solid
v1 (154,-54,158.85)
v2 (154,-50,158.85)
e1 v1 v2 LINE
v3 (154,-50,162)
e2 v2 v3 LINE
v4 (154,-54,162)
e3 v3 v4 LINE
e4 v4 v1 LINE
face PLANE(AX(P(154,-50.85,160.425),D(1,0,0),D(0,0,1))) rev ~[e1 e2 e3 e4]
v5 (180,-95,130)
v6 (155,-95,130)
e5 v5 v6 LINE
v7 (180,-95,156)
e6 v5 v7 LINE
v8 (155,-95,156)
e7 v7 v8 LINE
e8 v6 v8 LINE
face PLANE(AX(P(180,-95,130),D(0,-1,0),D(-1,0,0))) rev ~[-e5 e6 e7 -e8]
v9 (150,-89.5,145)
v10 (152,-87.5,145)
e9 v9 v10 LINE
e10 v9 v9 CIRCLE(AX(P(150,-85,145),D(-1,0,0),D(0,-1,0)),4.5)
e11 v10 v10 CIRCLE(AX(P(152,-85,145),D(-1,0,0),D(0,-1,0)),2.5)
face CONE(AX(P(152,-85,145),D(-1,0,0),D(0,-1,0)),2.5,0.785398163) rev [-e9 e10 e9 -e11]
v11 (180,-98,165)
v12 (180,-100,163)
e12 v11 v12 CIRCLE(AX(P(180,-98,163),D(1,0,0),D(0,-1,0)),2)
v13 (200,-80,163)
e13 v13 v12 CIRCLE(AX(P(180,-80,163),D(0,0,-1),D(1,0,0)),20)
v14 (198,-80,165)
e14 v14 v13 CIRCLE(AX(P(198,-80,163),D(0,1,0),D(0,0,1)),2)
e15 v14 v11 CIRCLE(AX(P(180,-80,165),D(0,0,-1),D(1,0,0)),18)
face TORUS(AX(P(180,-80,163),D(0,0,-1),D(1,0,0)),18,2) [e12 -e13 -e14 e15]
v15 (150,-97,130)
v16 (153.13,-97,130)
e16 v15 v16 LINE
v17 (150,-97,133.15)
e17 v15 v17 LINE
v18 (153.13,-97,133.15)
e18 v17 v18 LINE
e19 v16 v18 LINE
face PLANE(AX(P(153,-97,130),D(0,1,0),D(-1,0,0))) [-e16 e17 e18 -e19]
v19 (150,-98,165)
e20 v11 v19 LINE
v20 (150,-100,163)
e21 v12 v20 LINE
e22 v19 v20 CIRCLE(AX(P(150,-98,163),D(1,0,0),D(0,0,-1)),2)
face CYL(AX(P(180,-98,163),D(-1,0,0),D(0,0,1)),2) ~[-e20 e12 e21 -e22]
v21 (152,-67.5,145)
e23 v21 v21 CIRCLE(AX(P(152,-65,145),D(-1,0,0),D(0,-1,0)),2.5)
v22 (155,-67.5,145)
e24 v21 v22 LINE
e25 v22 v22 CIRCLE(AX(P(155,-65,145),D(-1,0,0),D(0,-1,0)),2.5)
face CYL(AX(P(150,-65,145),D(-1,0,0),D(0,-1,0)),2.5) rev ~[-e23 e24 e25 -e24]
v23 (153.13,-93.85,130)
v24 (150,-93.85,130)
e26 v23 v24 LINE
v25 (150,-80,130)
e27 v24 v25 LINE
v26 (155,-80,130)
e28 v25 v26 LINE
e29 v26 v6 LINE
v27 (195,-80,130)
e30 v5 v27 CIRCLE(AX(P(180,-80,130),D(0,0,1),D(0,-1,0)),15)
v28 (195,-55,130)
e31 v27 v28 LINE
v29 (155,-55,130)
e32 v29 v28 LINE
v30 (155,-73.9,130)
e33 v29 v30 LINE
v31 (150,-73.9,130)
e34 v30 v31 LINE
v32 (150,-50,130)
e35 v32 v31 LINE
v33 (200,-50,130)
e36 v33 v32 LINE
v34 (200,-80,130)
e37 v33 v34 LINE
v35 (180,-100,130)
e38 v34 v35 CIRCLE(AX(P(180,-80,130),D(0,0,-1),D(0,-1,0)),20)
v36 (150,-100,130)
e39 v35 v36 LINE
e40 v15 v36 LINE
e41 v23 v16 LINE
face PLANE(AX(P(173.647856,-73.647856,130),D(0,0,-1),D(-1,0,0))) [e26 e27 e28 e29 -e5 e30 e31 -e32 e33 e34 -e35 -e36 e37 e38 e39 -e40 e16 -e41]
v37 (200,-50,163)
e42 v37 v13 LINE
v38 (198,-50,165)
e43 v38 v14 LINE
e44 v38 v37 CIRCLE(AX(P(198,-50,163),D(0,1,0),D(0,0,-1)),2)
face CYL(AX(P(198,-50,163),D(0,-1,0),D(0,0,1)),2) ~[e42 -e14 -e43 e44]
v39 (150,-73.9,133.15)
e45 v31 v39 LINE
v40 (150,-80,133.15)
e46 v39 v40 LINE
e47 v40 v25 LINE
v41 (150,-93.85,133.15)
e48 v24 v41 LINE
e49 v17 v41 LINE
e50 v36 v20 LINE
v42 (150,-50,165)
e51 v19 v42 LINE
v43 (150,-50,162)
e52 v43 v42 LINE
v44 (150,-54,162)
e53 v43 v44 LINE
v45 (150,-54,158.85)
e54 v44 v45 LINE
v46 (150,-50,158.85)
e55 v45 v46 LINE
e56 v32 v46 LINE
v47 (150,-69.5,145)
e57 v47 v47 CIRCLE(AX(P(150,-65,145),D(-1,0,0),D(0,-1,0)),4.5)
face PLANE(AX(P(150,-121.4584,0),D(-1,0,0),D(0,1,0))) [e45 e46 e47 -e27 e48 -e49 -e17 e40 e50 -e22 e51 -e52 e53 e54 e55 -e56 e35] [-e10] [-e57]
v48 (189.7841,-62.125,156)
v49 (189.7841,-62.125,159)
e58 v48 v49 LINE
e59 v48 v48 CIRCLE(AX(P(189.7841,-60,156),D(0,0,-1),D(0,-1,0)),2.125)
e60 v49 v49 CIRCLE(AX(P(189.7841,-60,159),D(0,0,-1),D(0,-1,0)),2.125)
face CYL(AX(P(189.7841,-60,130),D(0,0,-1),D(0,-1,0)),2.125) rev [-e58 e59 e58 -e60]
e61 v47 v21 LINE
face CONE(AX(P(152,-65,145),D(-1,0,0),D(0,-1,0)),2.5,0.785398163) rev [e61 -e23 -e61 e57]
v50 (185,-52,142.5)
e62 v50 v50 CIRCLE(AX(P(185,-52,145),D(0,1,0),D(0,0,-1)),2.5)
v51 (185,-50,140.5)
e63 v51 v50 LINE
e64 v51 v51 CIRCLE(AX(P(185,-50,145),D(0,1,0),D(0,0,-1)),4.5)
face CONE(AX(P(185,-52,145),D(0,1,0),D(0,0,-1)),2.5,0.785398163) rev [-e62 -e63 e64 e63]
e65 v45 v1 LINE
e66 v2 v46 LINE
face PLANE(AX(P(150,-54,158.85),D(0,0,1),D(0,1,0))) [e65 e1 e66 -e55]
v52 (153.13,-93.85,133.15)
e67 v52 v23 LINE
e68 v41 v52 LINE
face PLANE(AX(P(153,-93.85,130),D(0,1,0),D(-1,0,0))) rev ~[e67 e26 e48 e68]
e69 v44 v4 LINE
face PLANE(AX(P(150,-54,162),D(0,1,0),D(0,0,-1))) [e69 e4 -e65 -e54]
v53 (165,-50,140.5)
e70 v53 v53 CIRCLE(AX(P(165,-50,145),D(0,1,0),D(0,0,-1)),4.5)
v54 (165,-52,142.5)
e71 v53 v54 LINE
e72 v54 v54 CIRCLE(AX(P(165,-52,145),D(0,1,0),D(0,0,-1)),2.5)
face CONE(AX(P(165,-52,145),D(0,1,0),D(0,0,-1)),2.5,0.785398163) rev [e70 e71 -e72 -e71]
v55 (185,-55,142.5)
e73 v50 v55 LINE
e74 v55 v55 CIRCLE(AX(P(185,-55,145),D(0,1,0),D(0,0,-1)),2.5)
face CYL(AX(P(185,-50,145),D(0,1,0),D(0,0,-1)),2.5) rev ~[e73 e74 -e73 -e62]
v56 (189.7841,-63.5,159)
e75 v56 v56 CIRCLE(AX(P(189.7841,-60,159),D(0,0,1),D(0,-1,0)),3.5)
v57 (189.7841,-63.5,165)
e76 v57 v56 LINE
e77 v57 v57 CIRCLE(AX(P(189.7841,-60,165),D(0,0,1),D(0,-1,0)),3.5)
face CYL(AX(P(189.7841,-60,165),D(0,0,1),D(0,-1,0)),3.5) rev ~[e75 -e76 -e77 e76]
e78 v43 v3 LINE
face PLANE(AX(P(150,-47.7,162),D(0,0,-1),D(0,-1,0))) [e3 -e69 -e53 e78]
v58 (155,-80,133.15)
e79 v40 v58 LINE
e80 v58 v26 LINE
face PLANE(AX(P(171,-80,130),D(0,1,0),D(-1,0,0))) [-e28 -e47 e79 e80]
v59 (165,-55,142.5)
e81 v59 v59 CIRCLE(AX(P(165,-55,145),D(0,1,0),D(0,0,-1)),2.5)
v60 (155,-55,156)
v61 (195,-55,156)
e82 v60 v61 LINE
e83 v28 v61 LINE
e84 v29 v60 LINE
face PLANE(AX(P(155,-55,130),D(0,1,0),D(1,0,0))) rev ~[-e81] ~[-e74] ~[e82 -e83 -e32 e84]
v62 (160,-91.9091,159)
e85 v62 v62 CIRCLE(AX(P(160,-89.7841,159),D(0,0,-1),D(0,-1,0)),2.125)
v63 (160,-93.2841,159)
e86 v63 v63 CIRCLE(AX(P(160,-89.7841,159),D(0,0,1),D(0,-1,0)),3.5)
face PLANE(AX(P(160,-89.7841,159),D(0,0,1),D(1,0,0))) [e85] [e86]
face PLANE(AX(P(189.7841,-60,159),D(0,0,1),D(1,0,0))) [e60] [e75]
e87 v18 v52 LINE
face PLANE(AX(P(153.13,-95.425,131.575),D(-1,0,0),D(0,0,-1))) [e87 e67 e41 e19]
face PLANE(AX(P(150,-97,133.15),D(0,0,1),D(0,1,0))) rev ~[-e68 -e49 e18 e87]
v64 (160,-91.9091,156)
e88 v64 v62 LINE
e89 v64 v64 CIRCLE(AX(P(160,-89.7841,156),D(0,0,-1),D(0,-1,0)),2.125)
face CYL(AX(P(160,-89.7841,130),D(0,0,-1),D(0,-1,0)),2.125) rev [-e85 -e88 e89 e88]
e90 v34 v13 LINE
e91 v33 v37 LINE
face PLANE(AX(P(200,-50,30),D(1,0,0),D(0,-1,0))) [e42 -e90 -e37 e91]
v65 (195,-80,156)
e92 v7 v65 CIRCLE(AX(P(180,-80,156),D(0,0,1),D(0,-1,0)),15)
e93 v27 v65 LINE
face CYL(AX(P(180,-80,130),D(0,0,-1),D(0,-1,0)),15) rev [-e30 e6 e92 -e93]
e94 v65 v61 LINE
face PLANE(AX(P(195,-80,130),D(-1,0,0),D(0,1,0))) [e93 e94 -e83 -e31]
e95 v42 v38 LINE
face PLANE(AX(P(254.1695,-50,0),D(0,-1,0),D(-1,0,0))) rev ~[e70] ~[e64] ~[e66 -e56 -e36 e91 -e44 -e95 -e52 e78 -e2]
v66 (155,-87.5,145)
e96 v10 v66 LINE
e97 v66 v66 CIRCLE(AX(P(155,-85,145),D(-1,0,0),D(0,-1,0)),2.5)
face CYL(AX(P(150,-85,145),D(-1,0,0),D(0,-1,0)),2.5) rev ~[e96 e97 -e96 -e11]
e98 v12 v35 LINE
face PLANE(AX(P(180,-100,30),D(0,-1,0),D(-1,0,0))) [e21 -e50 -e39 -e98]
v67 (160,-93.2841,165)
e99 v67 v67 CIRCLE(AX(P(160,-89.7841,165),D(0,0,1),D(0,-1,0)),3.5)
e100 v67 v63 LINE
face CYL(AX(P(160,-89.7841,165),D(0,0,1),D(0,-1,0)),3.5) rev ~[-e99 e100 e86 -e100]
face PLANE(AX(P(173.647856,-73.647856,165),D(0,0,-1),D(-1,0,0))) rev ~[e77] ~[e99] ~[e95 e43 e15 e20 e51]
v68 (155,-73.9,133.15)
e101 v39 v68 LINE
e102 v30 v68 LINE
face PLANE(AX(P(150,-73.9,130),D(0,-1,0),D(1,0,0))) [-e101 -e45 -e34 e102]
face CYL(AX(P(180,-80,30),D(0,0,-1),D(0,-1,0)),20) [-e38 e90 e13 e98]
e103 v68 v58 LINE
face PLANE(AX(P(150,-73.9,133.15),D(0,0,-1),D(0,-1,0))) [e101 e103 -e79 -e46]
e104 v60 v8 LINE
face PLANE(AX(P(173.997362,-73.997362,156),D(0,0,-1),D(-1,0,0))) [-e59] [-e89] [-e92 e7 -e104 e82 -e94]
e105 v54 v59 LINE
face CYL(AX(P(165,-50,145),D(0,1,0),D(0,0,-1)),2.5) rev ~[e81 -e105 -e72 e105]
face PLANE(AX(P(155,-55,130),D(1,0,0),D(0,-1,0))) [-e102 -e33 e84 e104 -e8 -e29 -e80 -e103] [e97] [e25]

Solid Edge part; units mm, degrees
sketch "Sketch1" plane through (0, 0, 0) normal (0, 0, -1) x (-1, 0, 0)
  line L0 (-200, -100) -> (200, -100)
  line L1 (200, -100) -> (200, 100)
  line L2 (200, 100) -> (-200, 100)
  line L3 (-200, 100) -> (-200, -100)
extrude "Protrusion1" add sketch "Sketch1" against normal blind 250
sketch "Sketch2" plane through (0, 0, 0) normal (0, 0, -1) x (-1, 0, 0)
  circle A0 centre (100, 0) radius 50
  dimension "D1" = 200
extrude "Cutout1" cut sketch "Sketch2" against normal blind 3
fillet "Round_8" radius 20 4 edges at (200, -100, 125) (200, 100, 125) (-200, 100, 125) (-200, -100, 125)
fillet "Round_9" radius 30 8 edges at (0, -100, 0) (-194.1421, -94.1421, 0) (-200, 0, 0) (-194.1421, 94.1421, 0) (0, 100, 0) (194.1421, 94.1421, 0) (200, 0, 0) (194.1421, -94.1421, 0)
sketch "Sketch3" plane through (200, 0, 140) normal (1, 0, 0) x (0, -1, 0)
  line L0 (70, 57.1371) -> (-70, 57.1371)
  line L1 (-70, 57.1371) -> (-70, 97.1371)
  line L2 (-70, 97.1371) -> (70, 97.1371)
  line L3 (70, 97.1371) -> (70, 57.1371)
  dimension "D1" = 70
extrude "ExtrudedCutout_37" cut sketch "Sketch3" against normal blind 30
sketch "Sketch4" plane through (185, 0, 82.8629) normal (0, 0, -1) x (0, -1, 0)
  line L0 (-70, 15) -> (70, 15)
  line L1 (70, 15) -> (70, 10)
  line L2 (70, 10) -> (-70, 10)
  line L3 (-70, 10) -> (-70, 15)
extrude "Cutout2" cut sketch "Sketch4" against normal blind 5
sketch "Sketch5" plane through (185, 0, 42.8629) normal (0, 0, 1) x (0, -1, 0)
  line L0 (-70, -10) -> (70, -10)
  line L1 (70, -10) -> (70, -15)
  line L2 (70, -15) -> (-70, -15)
  line L3 (-70, -15) -> (-70, -10)
extrude "ExtrudedCutout_39" cut sketch "Sketch5" against normal blind 5
sketch "Sketch6" plane through (185, 70, 62.8629) normal (0, -1, 0) x (1, 0, 0)
  line L0 (-15, 25) -> (-10, 25)
  line L1 (-10, 25) -> (-10, -25)
  line L2 (-10, -25) -> (-15, -25)
  line L3 (-15, -25) -> (-15, 25)
extrude "Cutout3" cut sketch "Sketch6" against normal blind 5
sketch "Sketch7" plane through (185, -70, 62.8629) normal (0, 1, 0) x (1, 0, 0)
  line L0 (-15, 25) -> (-10, 25)
  line L1 (-10, 25) -> (-10, -25)
  line L2 (-10, -25) -> (-15, -25)
  line L3 (-15, -25) -> (-15, 25)
extrude "Cutout4" cut sketch "Sketch7" against normal blind 5
sketch "Sketch8" plane through (170, 0, 62.8629) normal (1, 0, 0) x (0, -1, 0)
  line L0 (-75, 25) -> (75, 25)
  line L1 (75, 25) -> (75, -25)
  line L2 (75, -25) -> (-75, -25)
  line L3 (-75, -25) -> (-75, 25)
  line L4 (72, 22.1284) -> (-72, 22.1284)
  line L5 (-72, 22.1284) -> (-72, -21.8716)
  line L6 (-72, -21.8716) -> (72, -21.8716)
  line L7 (72, -21.8716) -> (72, 22.1284)
  dimension "D1" = 75
extrude "ExtrudedCutout_42" cut sketch "Sketch8" along normal mid plane 10
sketch "Sketch9" plane through (200, 0, 140) normal (1, 0, 0) x (0, -1, 0)
  circle A0 centre (0, -30) radius 68.3204
extrude "Cutout5" cut sketch "Sketch9" against normal blind 6
sketch "Sketch10" plane through (0, 0, 250) normal (0, 0, 1) x (-1, 0, 0)
  line L0 (-180, 100) -> (180, 100)
  line L1 (180, 100) -> (180, 97)
  line L2 (180, 97) -> (-180, 97)
  line L3 (-180, 97) -> (-180, 100)
  line L4 (200, 80) -> (197, 80)
  line L5 (197, 80) -> (197, -80)
  line L6 (197, -80) -> (200, -80)
  line L7 (200, -80) -> (200, 80)
  line L8 (-200, 80) -> (-197, 80)
  line L9 (-197, 80) -> (-197, -80)
  line L10 (-197, -80) -> (-200, -80)
  line L11 (-200, -80) -> (-200, 80)
  line L12 (-180, -100) -> (180, -100)
  line L13 (180, -100) -> (180, -97)
  line L14 (180, -97) -> (-180, -97)
  line L15 (-180, -97) -> (-180, -100)
extrude "Cutout6" cut sketch "Sketch10" against normal blind 220
sketch "Sketch11" plane through (165, -97, 140) normal (0, -1, 0) x (0, 0, 1)
  line L0 (-110, 23.978) -> (116.0147, 23.978)
  line L1 (116.0147, 23.978) -> (116.0147, -38.9945)
  line L2 (116.0147, -38.9945) -> (-110, -38.9945)
  line L3 (-110, -38.9945) -> (-110, 23.978)
extrude "ExtrudedCutout_47" cut sketch "Sketch11" along normal mid plane 474
sketch "Sketch12" plane through (0, 0, 0) normal (0, 0, -1) x (-1, 0, 0)
  line L0 (-150, -121.4584) -> (-150, -50)
  line L1 (-254.1695, -50) -> (-150, -50)
  line L2 (-254.1695, -50) -> (-254.1695, 113.1592)
  line L3 (-254.1695, 113.1592) -> (264.7141, 113.1592)
  line L4 (264.7141, 113.1592) -> (271.856, -149.5027)
  line L5 (271.856, -149.5027) -> (-150, -121.4584)
extrude "ExtrudedCutout_46" cut sketch "Sketch12" against normal blind 317
sketch "Sketch13" plane through (175, -75, 30) normal (0, 0, 1) x (0, 1, 0)
  line L0 (17.7429, 25) -> (30.7571, 11.9857)
  line L1 (29.3143, 29.7) -> (30.7571, 11.9857)
  line L2 (17.7429, 25) -> (29.3143, 29.7)
extrude "Cutout7" cut sketch "Sketch13" against normal blind 15
sketch "Sketch14" plane through (153.6286, -53.6286, 22.5) normal (-0.7071, 0.7071, 0) x (0.7071, 0.7071, 0)
  line L0 (-5.1316, -2.5) -> (5.1316, -2.5)
  line L1 (5.1316, 2.97) -> (5.1316, -2.5)
  line L2 (-5.1316, 2.97) -> (5.1316, 2.97)
  line L3 (-5.1316, 2.97) -> (-5.1316, -2.5)
  dimension "D1" = 5.1316
extrude "ExtrudedCutout_49" cut sketch "Sketch14" against normal blind 46
sketch "Sketch15" plane through (175, -75, 30) normal (0, 0, 1) x (0, -1, 0)
  circle A0 centre (-17.7429, -17.7429) radius 1.5
extrude "ExtrudedCutout_50" cut sketch "Sketch15" against normal blind 9
sketch "Sketch16" plane through (175, -75, 30) normal (0, 0, 1) x (0, -1, 0)
  line L0 (5, -20) -> (-3, -20)
  line L1 (-3, -20) -> (-3, -15)
  line L2 (5, -15) -> (-3, -15)
  line L3 (5, -20) -> (5, -15)
  line L4 (-20, 5) -> (-20, -3)
  line L5 (-20, -3) -> (-15, -3)
  line L6 (-15, 5) -> (-15, -3)
  line L7 (-20, 5) -> (-15, 5)
  dimension "D1" = 5
  dimension "D2" = 3
extrude "Cutout8" cut sketch "Sketch16" against normal blind 10
sketch "Sketch17" plane through (175, -50, 15) normal (0, 1, 0) x (0, 0, 1)
  circle A0 centre (10, 1) radius 1.5
extrude "Cutout9" cut sketch "Sketch17" against normal blind 8
sketch "Sketch18" plane through (150, -75, 15) normal (-1, 0, 0) x (0, -1, 0)
  circle A0 centre (1.0029, 10) radius 1.5
extrude "Cutout10" cut sketch "Sketch18" against normal blind 9
sketch "Sketch19" plane through (150, -75, 15) normal (-1, 0, 0) x (0, -1, 0)
  circle A0 centre (-17, -7) radius 5
  circle A1 centre (14.7841, 4.53) radius 5
extrude "Cutout11" cut sketch "Sketch19" against normal blind 2
sketch "Sketch20" plane through (175, -50, 15) normal (0, 1, 0) x (-1, 0, 0)
  circle A0 centre (17, -7) radius 5
  circle A1 centre (-14.7841, 4.53) radius 5
extrude "Cutout12" cut sketch "Sketch20" against normal blind 2
fillet "Round_16" radius 5 1 edges at (153.6286, -53.6286, 15)
sketch "Sketch21" plane through (175, -75, 30) normal (0, 0, 1) x (0, -1, 0)
  circle A0 centre (-15, 14.7841) radius 5
  circle A1 centre (14.7841, -15) radius 5
extrude "ExtrudedCutout_56" cut sketch "Sketch21" against normal blind 3
sketch "Sketch22" plane through (169.892, -69.892, 19.53) normal (0, 0, 1) x (0.7071, -0.7071, 0)
  line L0 (23, 5.1316) -> (-12.8442, 5.1316)
  line L1 (-12.8442, 5.1316) -> (-12.8442, -5.1316)
  line L2 (-12.8442, -5.1316) -> (23, -5.1316)
  line L3 (23, -5.1316) -> (23, 5.1316)
extrude "ExtrudedProtrusion_20" add sketch "Sketch22" along normal blind 6
sketch "Sketch23" plane through (175, -75, 30) normal (0, 0, 1) x (0, -1, 0)
  arc A0 (5, 25) -> (25, 5) centre (5, 5) cw
  line L0 (25, 5) -> (25, -25)
  line L1 (25, -25) -> (-17.7429, -25)
  line L2 (-17.7429, -25) -> (-25, -17.7429)
  line L3 (-25, -17.7429) -> (-25, 25)
  line L4 (-25, 25) -> (5, 25)
  circle A1 centre (-15, 14.7841) radius 5
  circle A2 centre (14.7841, -15) radius 5
extrude "Protrusion2" add sketch "Sketch23" along normal blind 100
sketch "Sketch24" plane through (153.6286, -53.6286, 77.5) normal (-0.7071, 0.7071, 0) x (0, 0, 1)
  line L0 (-47.5, -40.0408) -> (-85.2138, -40.0408)
  line L1 (-85.2138, -40.0408) -> (-85.2138, 45.7641)
  line L2 (-85.2138, 45.7641) -> (-47.5, 45.7641)
  line L3 (-47.5, 45.7641) -> (-47.5, -40.0408)
extrude "ExtrudedCutout_57" cut sketch "Sketch24" along normal mid plane 148
sketch "Sketch25" plane through (175, -75, 130) normal (0, 0, 1) x (0, -1, 0)
  line L0 (-22, 22) -> (-22, 18.85)
  line L1 (-22, 18.85) -> (-25, 18.85)
  line L2 (-29.2429, 28.0796) -> (-25, 18.85)
  line L3 (-22, 28.0796) -> (-29.2429, 28.0796)
  line L4 (-22, 25) -> (-22, 28.0796)
  line L5 (-25, 22) -> (-22, 25)
  line L6 (-22, 22) -> (-25, 22)
  line L7 (22, -22) -> (18.85, -22)
  line L8 (18.85, -22) -> (18.85, -25)
  line L9 (28.0796, -29.2429) -> (18.85, -25)
  line L10 (28.0796, -22) -> (28.0796, -29.2429)
  line L11 (25, -22) -> (28.0796, -22)
  line L12 (22, -25) -> (25, -22)
  line L13 (22, -22) -> (22, -25)
extrude "Cutout13" cut sketch "Sketch25" against normal blind 148
sketch "Sketch26" plane through (175, -75, 130) normal (0, 0, 1) x (0, -1, 0)
  line L0 (5, -4) -> (5, -25)
  line L1 (5, -25) -> (-1.1, -25)
  line L2 (-1.1, -25) -> (-1.1, -4)
  line L3 (5, -4) -> (-1.1, -4)
extrude "ExtrudedCutout_60" cut sketch "Sketch26" against normal blind 186
sketch "Sketch27" plane through (160, -80, 80) normal (0, 1, 0) x (0, 0, 1)
  line L0 (-38.7574, -1.9959) -> (-41.2426, -1.9959)
  line L1 (-41.2426, -1.9959) -> (-43, -0.2385)
  line L2 (-43, -0.2385) -> (-43, 2.2467)
  line L3 (-43, 2.2467) -> (-41.2426, 4.0041)
  line L4 (-41.2426, 4.0041) -> (-38.7574, 4.0041)
  line L5 (-38.7574, 4.0041) -> (-37, 2.2467)
  line L6 (-37, 2.2467) -> (-37, -0.2385)
  line L7 (-37, -0.2385) -> (-38.7574, -1.9959)
  line L8 (38.7574, -1.9959) -> (41.2426, -1.9959)
  line L9 (41.2426, -1.9959) -> (43, -0.2385)
  line L10 (43, -0.2385) -> (43, 2.2467)
  line L11 (43, 2.2467) -> (41.2426, 4.0041)
  line L12 (41.2426, 4.0041) -> (38.7574, 4.0041)
  line L13 (38.7574, 4.0041) -> (37, 2.2467)
  line L14 (37, 2.2467) -> (37, -0.2385)
  line L15 (37, -0.2385) -> (38.7574, -1.9959)
  circle A0 centre (40, 1.0041) radius 2
extrude "Cutout14" cut sketch "Sketch27" against normal blind 3
sketch "Sketch28" plane through (160, -80, 80) normal (0, 1, 0) x (0, 0, 1)
  circle A0 centre (-40, 1.0041) radius 2
  circle A1 centre (40, 1.0041) radius 2
extrude "ExtrudedCutout_62" cut sketch "Sketch28" along normal blind 43
sketch "Sketch29" plane through (177.0686, -50, 80) normal (0, 1, 0) x (-1, 0, 0)
  circle A0 centre (16.0645, 40) radius 3
  circle A1 centre (16.0645, -40) radius 3
extrude "Cutout15" cut sketch "Sketch29" against normal blind 5
sketch "Sketch30" plane through (175, -75, 130) normal (0, 0, 1) x (0, -1, 0)
  line L0 (-1.1, -18.9657) -> (-27.9226, -18.9657)
  line L1 (-27.9226, -18.9657) -> (-17.7429, -25)
  line L2 (-17.7429, -25) -> (-1.1, -25)
  line L3 (-1.1, -25) -> (-1.1, -18.9657)
extrude "Cutout16" cut sketch "Sketch30" against normal blind 148
sketch "Sketch31" plane through (175, -75, 30) normal (0, 0, -1) x (0, 1, 0)
  line L0 (25, 4.7841) -> (5, 4.7841)
  line L1 (5, 4.7841) -> (5, 1.6341)
  line L2 (5, 1.6341) -> (25, 1.6341)
  line L3 (25, 1.6341) -> (25, 4.7841)
extrude "Cutout17" cut sketch "Sketch31" against normal blind 246
sketch "Sketch32" plane through (156.0343, -62.5614, 80) normal (-1, 0, 0) x (0, -1, 0)
  circle A0 centre (-0.0614, 0) radius 2
extrude "Cutout18" cut sketch "Sketch32" against normal blind 30
sketch "Sketch33" plane through (156.0343, -62.5614, 80) normal (-1, 0, 0) x (0, -1, 0)
  circle A0 centre (-0.0614, 0) radius 3
extrude "Cutout19" cut sketch "Sketch33" against normal blind 5
sketch "Sketch34" plane through (179.7841, -60, 80) normal (-1, 0, 0) x (0, 0, 1)
  line L0 (3, -3.7426) -> (3, -1.2574)
  line L1 (3, -1.2574) -> (1.2426, 0.5)
  line L2 (1.2426, 0.5) -> (-1.2426, 0.5)
  line L3 (-1.2426, 0.5) -> (-3, -1.2574)
  line L4 (-3, -1.2574) -> (-3, -3.7426)
  line L5 (-3, -3.7426) -> (-1.2426, -5.5)
  line L6 (-1.2426, -5.5) -> (1.2426, -5.5)
  line L7 (1.2426, -5.5) -> (3, -3.7426)
extrude "Cutout20" cut sketch "Sketch34" against normal blind 3
sketch "Sketch35" plane through (175, -75, 130) normal (0, 0, 1) x (0, -1, 0)
  line L0 (-22, 25) -> (5, 25)
  arc A0 (5, 25) -> (25, 5) centre (5, 5) cw
  line L1 (25, 5) -> (25, -22)
  line L2 (25, -22) -> (25, -25)
  line L3 (18.85, -25) -> (25, -25)
  line L4 (-25, -25) -> (18.85, -25)
  line L5 (-25, 18.85) -> (-25, -25)
  line L6 (-25, 25) -> (-25, 18.85)
  line L7 (-22, 25) -> (-25, 25)
  circle A1 centre (-15, 14.7841) radius 2.125
  circle A2 centre (14.7841, -15) radius 2.125
extrude "Protrusion3" add sketch "Sketch35" along normal blind 35
sketch "Sketch36" plane through (175, -75, 165) normal (0, 0, 1) x (0, -1, 0)
  circle A0 centre (-15, 14.7841) radius 3.5
  circle A1 centre (14.7841, -15) radius 3.5
extrude "ExtrudedCutout_69" cut sketch "Sketch36" against normal blind 6
sketch "Sketch37" plane through (150, -75, 97.5) normal (-1, 0, 0) x (0, -1, 0)
  line L0 (18.85, 32.5) -> (22, 32.5)
  line L1 (22, 32.5) -> (22, 35.65)
  line L2 (22, 35.65) -> (18.85, 35.65)
  line L3 (18.85, 35.65) -> (18.85, 32.5)
extrude "Cutout21" cut sketch "Sketch37" against normal blind 3.13
sketch "Sketch38" plane through (150, -75, 97.5) normal (-1, 0, 0) x (0, -1, 0)
  line L0 (5, 32.5) -> (-1.1, 32.5)
  line L1 (-1.1, 32.5) -> (-1.1, 35.65)
  line L2 (-1.1, 35.65) -> (5, 35.65)
  line L3 (5, 35.65) -> (5, 32.5)
extrude "Cutout22" cut sketch "Sketch38" against normal up to vertex (21 mm away)
sketch "Sketch39" plane through (150, -75, 97.5) normal (-1, 0, 0) x (0, -1, 0)
  circle A0 centre (-10, 47.5) radius 2.5
  circle A1 centre (10, 47.5) radius 2.5
extrude "ExtrudedCutout_73" cut sketch "Sketch39" against normal blind 5
chamfer "Chamfer_11" distance 2 angle 45 2 edges at (150, -82.5, 145) (150, -62.5, 145)
sketch "Sketch40" plane through (175, -50, 97.5) normal (0, 1, 0) x (0, 0, -1)
  circle A0 centre (-47.5, 10) radius 2.5
  circle A1 centre (-47.5, -10) radius 2.5
extrude "ExtrudedCutout_74" cut sketch "Sketch40" against normal blind 5
chamfer "Chamfer_12" distance 2 angle 45 2 edges at (165, -50, 147.5) (185, -50, 147.5)
sketch "Sketch41" plane through (150, -75, 97.5) normal (-1, 0, 0) x (0, -1, 0)
  line L0 (-34.1936, -74.2886) -> (53.2864, -74.2886)
  line L1 (53.2864, -74.2886) -> (53.2864, 32.5)
  line L2 (53.2864, 32.5) -> (-34.1936, 32.5)
  line L3 (-34.1936, 32.5) -> (-34.1936, -74.2886)
extrude "ExtrudedCutout_75" cut sketch "Sketch41" against normal blind 53
sketch "Sketch42" plane through (175, -75, 130) normal (0, 0, -1) x (0, -1, 0)
  line L0 (-20, 20) -> (-20, -20)
  line L1 (5, -20) -> (-20, -20)
  arc A0 (20, -5) -> (5, -20) centre (5, -5) cw
  line L2 (20, -5) -> (20, 20)
  line L3 (-20, 20) -> (20, 20)
extrude "Cutout23" cut sketch "Sketch42" against normal blind 26
sketch "Sketch43" plane through (150, -75, 147.5) normal (-1, 0, 0) x (0, 1, 0)
  line L0 (21, -11.35) -> (27.3, -11.35)
  line L1 (27.3, -11.35) -> (27.3, -14.5)
  line L2 (27.3, -14.5) -> (21, -14.5)
  line L3 (21, -14.5) -> (21, -11.35)
extrude "Cutout24" cut sketch "Sketch43" against normal blind 4
fillet "Round_21" radius 2 3 edges at (165, -100, 165) (194.1421, -94.1421, 165) (200, -65, 165)
